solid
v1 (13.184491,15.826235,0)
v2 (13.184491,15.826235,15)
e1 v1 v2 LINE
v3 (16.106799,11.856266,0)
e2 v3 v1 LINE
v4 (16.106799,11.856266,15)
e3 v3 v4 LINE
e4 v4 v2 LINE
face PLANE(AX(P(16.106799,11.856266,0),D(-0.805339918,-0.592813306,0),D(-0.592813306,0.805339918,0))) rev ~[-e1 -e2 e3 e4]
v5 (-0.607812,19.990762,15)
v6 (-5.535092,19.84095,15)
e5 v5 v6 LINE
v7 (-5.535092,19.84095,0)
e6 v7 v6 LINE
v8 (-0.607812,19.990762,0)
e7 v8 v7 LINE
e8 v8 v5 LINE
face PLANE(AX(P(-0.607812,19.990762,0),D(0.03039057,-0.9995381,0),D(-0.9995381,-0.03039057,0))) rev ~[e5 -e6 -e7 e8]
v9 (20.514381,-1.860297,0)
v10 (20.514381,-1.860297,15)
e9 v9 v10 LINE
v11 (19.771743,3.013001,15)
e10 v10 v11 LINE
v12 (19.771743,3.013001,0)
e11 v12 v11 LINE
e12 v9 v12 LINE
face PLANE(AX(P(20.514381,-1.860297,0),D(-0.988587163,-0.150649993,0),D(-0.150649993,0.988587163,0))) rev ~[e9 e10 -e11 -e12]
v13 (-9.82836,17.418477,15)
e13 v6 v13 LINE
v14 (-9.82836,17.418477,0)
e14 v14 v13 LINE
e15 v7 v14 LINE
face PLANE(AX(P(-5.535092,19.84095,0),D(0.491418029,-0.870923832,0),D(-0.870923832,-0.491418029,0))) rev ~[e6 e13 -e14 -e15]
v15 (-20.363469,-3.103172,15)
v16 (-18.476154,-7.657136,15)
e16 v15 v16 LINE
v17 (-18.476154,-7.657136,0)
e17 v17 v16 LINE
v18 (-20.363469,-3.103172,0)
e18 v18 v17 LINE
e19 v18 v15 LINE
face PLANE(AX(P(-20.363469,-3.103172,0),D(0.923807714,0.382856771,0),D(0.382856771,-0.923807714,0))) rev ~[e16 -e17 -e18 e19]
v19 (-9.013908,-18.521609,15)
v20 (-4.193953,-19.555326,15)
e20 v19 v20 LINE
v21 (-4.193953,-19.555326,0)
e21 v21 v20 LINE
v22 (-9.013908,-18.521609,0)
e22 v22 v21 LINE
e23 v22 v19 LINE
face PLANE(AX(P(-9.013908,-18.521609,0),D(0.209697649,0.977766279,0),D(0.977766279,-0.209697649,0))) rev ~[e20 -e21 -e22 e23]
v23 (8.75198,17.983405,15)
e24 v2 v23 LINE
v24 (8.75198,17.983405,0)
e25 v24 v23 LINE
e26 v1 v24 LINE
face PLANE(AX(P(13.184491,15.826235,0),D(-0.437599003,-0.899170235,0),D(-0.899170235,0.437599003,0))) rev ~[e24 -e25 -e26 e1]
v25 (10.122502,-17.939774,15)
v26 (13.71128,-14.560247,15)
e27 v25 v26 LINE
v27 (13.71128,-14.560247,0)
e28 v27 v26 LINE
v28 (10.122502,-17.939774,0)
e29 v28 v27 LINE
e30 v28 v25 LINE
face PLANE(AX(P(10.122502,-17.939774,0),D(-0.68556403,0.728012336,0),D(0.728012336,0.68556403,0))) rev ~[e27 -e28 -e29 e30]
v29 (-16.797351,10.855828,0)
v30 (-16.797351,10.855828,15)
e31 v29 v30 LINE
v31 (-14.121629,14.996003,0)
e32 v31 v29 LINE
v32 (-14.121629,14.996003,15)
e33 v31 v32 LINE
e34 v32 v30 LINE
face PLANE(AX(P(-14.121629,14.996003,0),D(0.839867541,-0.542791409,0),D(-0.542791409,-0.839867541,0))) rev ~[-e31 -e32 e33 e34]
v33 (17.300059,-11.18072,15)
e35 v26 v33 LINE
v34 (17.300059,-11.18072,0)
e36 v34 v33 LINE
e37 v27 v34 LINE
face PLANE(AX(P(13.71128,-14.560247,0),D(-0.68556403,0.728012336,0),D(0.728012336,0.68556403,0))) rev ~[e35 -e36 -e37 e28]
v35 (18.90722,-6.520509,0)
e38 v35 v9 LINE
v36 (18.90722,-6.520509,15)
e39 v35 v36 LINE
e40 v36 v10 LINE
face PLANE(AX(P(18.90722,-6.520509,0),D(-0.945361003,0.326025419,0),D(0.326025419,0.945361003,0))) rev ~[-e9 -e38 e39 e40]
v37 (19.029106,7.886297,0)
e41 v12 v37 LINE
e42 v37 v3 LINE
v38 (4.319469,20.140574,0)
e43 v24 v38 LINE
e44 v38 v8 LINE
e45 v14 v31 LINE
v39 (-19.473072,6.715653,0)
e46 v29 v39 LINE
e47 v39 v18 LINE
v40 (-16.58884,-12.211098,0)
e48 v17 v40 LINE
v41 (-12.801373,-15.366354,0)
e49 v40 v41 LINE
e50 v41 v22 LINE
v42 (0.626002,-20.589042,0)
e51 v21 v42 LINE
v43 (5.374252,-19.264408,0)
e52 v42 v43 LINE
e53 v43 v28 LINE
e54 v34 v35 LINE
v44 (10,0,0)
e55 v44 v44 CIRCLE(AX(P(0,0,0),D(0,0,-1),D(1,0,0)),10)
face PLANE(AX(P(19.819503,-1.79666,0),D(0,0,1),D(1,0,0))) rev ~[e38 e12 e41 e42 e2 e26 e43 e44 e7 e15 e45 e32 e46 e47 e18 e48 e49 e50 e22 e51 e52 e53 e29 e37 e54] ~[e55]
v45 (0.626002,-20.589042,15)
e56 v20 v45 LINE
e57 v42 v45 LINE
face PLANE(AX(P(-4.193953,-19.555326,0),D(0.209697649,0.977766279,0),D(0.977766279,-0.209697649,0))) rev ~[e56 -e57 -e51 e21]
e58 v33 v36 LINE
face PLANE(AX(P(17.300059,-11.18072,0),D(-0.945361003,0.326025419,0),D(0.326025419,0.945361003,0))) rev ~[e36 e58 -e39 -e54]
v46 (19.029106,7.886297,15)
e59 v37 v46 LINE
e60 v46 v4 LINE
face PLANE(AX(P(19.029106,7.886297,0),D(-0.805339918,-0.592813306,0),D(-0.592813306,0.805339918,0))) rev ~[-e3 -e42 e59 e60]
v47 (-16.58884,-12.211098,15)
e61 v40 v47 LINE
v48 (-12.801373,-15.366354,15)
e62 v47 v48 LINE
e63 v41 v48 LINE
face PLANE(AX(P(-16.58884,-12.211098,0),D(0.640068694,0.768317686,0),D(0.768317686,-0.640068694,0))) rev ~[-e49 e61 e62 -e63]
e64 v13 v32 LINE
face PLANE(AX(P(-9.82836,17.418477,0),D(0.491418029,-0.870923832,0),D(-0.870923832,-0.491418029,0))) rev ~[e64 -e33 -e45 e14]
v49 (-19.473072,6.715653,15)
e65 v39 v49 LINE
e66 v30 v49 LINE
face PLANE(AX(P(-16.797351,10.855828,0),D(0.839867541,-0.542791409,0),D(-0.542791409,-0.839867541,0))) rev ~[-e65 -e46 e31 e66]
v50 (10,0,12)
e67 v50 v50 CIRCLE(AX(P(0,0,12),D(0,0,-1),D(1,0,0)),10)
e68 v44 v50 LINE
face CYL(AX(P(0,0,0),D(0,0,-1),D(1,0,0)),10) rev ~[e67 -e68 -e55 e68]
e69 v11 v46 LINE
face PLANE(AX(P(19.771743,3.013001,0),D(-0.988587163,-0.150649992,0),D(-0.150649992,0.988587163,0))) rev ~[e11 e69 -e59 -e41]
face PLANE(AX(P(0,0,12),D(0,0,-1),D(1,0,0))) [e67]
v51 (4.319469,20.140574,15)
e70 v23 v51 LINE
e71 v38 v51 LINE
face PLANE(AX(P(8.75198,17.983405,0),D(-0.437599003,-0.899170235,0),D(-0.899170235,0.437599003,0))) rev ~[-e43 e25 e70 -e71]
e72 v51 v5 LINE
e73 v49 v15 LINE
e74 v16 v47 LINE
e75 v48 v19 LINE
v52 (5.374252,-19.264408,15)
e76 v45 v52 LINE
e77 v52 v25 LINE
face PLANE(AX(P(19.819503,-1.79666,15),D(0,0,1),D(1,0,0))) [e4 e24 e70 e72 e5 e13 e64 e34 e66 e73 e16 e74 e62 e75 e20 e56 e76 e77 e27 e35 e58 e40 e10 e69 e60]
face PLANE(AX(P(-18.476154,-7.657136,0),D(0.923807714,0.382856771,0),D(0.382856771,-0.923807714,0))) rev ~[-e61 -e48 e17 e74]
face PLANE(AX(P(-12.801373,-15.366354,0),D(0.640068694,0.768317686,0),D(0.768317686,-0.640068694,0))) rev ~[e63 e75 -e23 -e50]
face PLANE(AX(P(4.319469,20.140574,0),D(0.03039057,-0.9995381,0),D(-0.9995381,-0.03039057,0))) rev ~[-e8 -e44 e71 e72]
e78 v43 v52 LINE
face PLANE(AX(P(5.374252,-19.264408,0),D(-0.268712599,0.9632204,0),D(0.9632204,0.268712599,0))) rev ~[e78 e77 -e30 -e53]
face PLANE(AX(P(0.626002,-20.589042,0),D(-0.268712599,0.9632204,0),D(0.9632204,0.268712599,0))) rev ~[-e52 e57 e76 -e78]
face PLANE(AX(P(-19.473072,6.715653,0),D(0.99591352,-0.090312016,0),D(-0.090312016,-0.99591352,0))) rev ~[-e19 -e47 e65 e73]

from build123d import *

# Parameters (mm, degrees)
F1_DEPTH = 15
F2_R     = 10
F3_DEPTH = 12


with BuildPart() as f1:
    # F0 (on Top) → F1 (new body)
    with BuildSketch(Plane.XY):
        with BuildLine():
            ThreePointArc((19.7717431053, 3.0130009255), (19.9428541351, 1.5108173108), (20, 0))
            ThreePointArc((20, 0), (19.7249131634, -3.3057224165), (18.9072199305, -6.5205087607))
            Line((18.9072199305, -6.5205087607), (20.5143810336, -1.8602971795))
            Line((20.5143810336, -1.8602971795), (19.7717431053, 3.0130009255))
        make_face()
        with BuildLine():
            Line((17.3000590925, -11.1807195735), (18.9072199305, -6.5205087607))
            ThreePointArc((18.9072199305, -6.5205087607), (16.7973506343, -10.8558284654), (13.7112804032, -14.5602468971))
            Line((13.7112804032, -14.5602468971), (17.3000590925, -11.1807195735))
        make_face()
        with BuildLine():
            Line((10.1225021017, -17.9397738555), (13.7112804032, -14.5602468971))
            ThreePointArc((13.7112804032, -14.5602468971), (9.8283603604, -17.4184767596), (5.3742517394, -19.2644080688))
            Line((5.3742517394, -19.2644080688), (10.1225021017, -17.9397738555))
        make_face()
        with BuildLine():
            Line((0.6260018687, -20.5890421449), (5.3742517394, -19.2644080688))
            ThreePointArc((5.3742517394, -19.2644080688), (0.6078111932, -19.9907620053), (-4.1939531295, -19.5553255444))
            Line((-4.1939531295, -19.5553255444), (0.6260018687, -20.5890421449))
        make_face()
        with BuildLine():
            Line((-9.0139078482, -18.5216090038), (-4.1939531295, -19.5553255444))
            ThreePointArc((-4.1939531295, -19.5553255444), (-8.7519798816, -17.9834047987), (-12.8013734485, -15.3663540839))
            Line((-12.8013734485, -15.3663540839), (-9.0139078482, -18.5216090038))
        make_face()
        with BuildLine():
            Line((-16.5888399065, -12.2110984495), (-12.8013734485, -15.3663540839))
            ThreePointArc((-12.8013734485, -15.3663540839), (-16.1067981351, -11.8562664374), (-18.476154196, -7.6571356344))
            Line((-18.476154196, -7.6571356344), (-16.5888399065, -12.2110984495))
        make_face()
        with BuildLine():
            Line((-20.3634686594, -3.1031724001), (-18.476154196, -7.6571356344))
            ThreePointArc((-18.476154196, -7.6571356344), (-19.771743259, -3.0129999172), (-19.9182703959, 1.8062404148))
            Line((-19.9182703959, 1.8062404148), (-20.3634686594, -3.1031724001))
        make_face()
        with BuildLine():
            ThreePointArc((-19.9182703959, 1.8062404148), (-18.9072199911, 6.520508585), (-16.7973506267, 10.8558284771))
            Line((-16.7973506267, 10.8558284771), (-19.4730721488, 6.7156530489))
            Line((-19.4730721488, 6.7156530489), (-19.9182703959, 1.8062404148))
        make_face()
        with BuildLine():
            ThreePointArc((-16.7973506267, 10.8558284771), (-13.7112803263, 14.5602469695), (-9.8283602447, 17.4184768249))
            Line((-9.8283602447, 17.4184768249), (-14.1216294849, 14.9960033168))
            Line((-14.1216294849, 14.9960033168), (-16.7973506267, 10.8558284771))
        make_face()
        with BuildLine():
            ThreePointArc((-9.8283602447, 17.4184768249), (-5.3742520398, 19.264407985), (-0.6078118988, 19.9907619839))
            Line((-0.6078118988, 19.9907619839), (-5.5350916901, 19.8409499462))
            Line((-5.5350916901, 19.8409499462), (-9.8283602447, 17.4184768249))
        make_face()
        with BuildLine():
            ThreePointArc((-0.6078118988, 19.9907619839), (4.1939525466, 19.5553256694), (8.751979709, 17.9834048826))
            Line((8.751979709, 17.9834048826), (4.3194689059, 20.1405740523))
            Line((4.3194689059, 20.1405740523), (-0.6078118988, 19.9907619839))
        make_face()
        with BuildLine():
            ThreePointArc((8.751979709, 17.9834048826), (12.8013739031, 15.3663537052), (16.1067986444, 11.8562657455))
            Line((16.1067986444, 11.8562657455), (13.1844912307, 15.8262353633))
            Line((13.1844912307, 15.8262353633), (8.751979709, 17.9834048826))
        make_face()
        with BuildLine():
            ThreePointArc((16.1067986444, 11.8562657455), (18.476154164, 7.6571357118), (19.7717431053, 3.0130009255))
            Line((19.7717431053, 3.0130009255), (19.0291055049, 7.8862968793))
            Line((19.0291055049, 7.8862968793), (16.1067986444, 11.8562657455))
        make_face()
        with BuildLine():
            ThreePointArc((18.9072199305, -6.5205087607), (19.7249131634, -3.3057224165), (20, 0))
            ThreePointArc((20, 0), (19.9428541351, 1.5108173108), (19.7717431053, 3.0130009255))
            ThreePointArc((19.7717431053, 3.0130009255), (18.476154164, 7.6571357118), (16.1067986444, 11.8562657455))
            ThreePointArc((16.1067986444, 11.8562657455), (12.8013739031, 15.3663537052), (8.751979709, 17.9834048826))
            ThreePointArc((8.751979709, 17.9834048826), (4.1939525466, 19.5553256694), (-0.6078118988, 19.9907619839))
            ThreePointArc((-0.6078118988, 19.9907619839), (-5.3742520398, 19.264407985), (-9.8283602447, 17.4184768249))
            ThreePointArc((-9.8283602447, 17.4184768249), (-13.7112803263, 14.5602469695), (-16.7973506267, 10.8558284771))
            ThreePointArc((-16.7973506267, 10.8558284771), (-18.9072199911, 6.520508585), (-19.9182703959, 1.8062404148))
            ThreePointArc((-19.9182703959, 1.8062404148), (-19.771743259, -3.0129999172), (-18.476154196, -7.6571356344))
            ThreePointArc((-18.476154196, -7.6571356344), (-16.1067981351, -11.8562664374), (-12.8013734485, -15.3663540839))
            ThreePointArc((-12.8013734485, -15.3663540839), (-8.7519798816, -17.9834047987), (-4.1939531295, -19.5553255444))
            ThreePointArc((-4.1939531295, -19.5553255444), (0.6078111932, -19.9907620053), (5.3742517394, -19.2644080688))
            ThreePointArc((5.3742517394, -19.2644080688), (9.8283603604, -17.4184767596), (13.7112804032, -14.5602468971))
            ThreePointArc((13.7112804032, -14.5602468971), (16.7973506343, -10.8558284654), (18.9072199305, -6.5205087607))
        make_face()
    extrude(amount=F1_DEPTH)

    # F2 (on face) → F3 (cut)
    with BuildSketch(Plane(origin=(0, 0, 0), x_dir=(1, 0, 0), z_dir=(0, 0, -1))):
        Circle(F2_R)
    extrude(amount=-F3_DEPTH, mode=Mode.SUBTRACT)


solid = f1.part
